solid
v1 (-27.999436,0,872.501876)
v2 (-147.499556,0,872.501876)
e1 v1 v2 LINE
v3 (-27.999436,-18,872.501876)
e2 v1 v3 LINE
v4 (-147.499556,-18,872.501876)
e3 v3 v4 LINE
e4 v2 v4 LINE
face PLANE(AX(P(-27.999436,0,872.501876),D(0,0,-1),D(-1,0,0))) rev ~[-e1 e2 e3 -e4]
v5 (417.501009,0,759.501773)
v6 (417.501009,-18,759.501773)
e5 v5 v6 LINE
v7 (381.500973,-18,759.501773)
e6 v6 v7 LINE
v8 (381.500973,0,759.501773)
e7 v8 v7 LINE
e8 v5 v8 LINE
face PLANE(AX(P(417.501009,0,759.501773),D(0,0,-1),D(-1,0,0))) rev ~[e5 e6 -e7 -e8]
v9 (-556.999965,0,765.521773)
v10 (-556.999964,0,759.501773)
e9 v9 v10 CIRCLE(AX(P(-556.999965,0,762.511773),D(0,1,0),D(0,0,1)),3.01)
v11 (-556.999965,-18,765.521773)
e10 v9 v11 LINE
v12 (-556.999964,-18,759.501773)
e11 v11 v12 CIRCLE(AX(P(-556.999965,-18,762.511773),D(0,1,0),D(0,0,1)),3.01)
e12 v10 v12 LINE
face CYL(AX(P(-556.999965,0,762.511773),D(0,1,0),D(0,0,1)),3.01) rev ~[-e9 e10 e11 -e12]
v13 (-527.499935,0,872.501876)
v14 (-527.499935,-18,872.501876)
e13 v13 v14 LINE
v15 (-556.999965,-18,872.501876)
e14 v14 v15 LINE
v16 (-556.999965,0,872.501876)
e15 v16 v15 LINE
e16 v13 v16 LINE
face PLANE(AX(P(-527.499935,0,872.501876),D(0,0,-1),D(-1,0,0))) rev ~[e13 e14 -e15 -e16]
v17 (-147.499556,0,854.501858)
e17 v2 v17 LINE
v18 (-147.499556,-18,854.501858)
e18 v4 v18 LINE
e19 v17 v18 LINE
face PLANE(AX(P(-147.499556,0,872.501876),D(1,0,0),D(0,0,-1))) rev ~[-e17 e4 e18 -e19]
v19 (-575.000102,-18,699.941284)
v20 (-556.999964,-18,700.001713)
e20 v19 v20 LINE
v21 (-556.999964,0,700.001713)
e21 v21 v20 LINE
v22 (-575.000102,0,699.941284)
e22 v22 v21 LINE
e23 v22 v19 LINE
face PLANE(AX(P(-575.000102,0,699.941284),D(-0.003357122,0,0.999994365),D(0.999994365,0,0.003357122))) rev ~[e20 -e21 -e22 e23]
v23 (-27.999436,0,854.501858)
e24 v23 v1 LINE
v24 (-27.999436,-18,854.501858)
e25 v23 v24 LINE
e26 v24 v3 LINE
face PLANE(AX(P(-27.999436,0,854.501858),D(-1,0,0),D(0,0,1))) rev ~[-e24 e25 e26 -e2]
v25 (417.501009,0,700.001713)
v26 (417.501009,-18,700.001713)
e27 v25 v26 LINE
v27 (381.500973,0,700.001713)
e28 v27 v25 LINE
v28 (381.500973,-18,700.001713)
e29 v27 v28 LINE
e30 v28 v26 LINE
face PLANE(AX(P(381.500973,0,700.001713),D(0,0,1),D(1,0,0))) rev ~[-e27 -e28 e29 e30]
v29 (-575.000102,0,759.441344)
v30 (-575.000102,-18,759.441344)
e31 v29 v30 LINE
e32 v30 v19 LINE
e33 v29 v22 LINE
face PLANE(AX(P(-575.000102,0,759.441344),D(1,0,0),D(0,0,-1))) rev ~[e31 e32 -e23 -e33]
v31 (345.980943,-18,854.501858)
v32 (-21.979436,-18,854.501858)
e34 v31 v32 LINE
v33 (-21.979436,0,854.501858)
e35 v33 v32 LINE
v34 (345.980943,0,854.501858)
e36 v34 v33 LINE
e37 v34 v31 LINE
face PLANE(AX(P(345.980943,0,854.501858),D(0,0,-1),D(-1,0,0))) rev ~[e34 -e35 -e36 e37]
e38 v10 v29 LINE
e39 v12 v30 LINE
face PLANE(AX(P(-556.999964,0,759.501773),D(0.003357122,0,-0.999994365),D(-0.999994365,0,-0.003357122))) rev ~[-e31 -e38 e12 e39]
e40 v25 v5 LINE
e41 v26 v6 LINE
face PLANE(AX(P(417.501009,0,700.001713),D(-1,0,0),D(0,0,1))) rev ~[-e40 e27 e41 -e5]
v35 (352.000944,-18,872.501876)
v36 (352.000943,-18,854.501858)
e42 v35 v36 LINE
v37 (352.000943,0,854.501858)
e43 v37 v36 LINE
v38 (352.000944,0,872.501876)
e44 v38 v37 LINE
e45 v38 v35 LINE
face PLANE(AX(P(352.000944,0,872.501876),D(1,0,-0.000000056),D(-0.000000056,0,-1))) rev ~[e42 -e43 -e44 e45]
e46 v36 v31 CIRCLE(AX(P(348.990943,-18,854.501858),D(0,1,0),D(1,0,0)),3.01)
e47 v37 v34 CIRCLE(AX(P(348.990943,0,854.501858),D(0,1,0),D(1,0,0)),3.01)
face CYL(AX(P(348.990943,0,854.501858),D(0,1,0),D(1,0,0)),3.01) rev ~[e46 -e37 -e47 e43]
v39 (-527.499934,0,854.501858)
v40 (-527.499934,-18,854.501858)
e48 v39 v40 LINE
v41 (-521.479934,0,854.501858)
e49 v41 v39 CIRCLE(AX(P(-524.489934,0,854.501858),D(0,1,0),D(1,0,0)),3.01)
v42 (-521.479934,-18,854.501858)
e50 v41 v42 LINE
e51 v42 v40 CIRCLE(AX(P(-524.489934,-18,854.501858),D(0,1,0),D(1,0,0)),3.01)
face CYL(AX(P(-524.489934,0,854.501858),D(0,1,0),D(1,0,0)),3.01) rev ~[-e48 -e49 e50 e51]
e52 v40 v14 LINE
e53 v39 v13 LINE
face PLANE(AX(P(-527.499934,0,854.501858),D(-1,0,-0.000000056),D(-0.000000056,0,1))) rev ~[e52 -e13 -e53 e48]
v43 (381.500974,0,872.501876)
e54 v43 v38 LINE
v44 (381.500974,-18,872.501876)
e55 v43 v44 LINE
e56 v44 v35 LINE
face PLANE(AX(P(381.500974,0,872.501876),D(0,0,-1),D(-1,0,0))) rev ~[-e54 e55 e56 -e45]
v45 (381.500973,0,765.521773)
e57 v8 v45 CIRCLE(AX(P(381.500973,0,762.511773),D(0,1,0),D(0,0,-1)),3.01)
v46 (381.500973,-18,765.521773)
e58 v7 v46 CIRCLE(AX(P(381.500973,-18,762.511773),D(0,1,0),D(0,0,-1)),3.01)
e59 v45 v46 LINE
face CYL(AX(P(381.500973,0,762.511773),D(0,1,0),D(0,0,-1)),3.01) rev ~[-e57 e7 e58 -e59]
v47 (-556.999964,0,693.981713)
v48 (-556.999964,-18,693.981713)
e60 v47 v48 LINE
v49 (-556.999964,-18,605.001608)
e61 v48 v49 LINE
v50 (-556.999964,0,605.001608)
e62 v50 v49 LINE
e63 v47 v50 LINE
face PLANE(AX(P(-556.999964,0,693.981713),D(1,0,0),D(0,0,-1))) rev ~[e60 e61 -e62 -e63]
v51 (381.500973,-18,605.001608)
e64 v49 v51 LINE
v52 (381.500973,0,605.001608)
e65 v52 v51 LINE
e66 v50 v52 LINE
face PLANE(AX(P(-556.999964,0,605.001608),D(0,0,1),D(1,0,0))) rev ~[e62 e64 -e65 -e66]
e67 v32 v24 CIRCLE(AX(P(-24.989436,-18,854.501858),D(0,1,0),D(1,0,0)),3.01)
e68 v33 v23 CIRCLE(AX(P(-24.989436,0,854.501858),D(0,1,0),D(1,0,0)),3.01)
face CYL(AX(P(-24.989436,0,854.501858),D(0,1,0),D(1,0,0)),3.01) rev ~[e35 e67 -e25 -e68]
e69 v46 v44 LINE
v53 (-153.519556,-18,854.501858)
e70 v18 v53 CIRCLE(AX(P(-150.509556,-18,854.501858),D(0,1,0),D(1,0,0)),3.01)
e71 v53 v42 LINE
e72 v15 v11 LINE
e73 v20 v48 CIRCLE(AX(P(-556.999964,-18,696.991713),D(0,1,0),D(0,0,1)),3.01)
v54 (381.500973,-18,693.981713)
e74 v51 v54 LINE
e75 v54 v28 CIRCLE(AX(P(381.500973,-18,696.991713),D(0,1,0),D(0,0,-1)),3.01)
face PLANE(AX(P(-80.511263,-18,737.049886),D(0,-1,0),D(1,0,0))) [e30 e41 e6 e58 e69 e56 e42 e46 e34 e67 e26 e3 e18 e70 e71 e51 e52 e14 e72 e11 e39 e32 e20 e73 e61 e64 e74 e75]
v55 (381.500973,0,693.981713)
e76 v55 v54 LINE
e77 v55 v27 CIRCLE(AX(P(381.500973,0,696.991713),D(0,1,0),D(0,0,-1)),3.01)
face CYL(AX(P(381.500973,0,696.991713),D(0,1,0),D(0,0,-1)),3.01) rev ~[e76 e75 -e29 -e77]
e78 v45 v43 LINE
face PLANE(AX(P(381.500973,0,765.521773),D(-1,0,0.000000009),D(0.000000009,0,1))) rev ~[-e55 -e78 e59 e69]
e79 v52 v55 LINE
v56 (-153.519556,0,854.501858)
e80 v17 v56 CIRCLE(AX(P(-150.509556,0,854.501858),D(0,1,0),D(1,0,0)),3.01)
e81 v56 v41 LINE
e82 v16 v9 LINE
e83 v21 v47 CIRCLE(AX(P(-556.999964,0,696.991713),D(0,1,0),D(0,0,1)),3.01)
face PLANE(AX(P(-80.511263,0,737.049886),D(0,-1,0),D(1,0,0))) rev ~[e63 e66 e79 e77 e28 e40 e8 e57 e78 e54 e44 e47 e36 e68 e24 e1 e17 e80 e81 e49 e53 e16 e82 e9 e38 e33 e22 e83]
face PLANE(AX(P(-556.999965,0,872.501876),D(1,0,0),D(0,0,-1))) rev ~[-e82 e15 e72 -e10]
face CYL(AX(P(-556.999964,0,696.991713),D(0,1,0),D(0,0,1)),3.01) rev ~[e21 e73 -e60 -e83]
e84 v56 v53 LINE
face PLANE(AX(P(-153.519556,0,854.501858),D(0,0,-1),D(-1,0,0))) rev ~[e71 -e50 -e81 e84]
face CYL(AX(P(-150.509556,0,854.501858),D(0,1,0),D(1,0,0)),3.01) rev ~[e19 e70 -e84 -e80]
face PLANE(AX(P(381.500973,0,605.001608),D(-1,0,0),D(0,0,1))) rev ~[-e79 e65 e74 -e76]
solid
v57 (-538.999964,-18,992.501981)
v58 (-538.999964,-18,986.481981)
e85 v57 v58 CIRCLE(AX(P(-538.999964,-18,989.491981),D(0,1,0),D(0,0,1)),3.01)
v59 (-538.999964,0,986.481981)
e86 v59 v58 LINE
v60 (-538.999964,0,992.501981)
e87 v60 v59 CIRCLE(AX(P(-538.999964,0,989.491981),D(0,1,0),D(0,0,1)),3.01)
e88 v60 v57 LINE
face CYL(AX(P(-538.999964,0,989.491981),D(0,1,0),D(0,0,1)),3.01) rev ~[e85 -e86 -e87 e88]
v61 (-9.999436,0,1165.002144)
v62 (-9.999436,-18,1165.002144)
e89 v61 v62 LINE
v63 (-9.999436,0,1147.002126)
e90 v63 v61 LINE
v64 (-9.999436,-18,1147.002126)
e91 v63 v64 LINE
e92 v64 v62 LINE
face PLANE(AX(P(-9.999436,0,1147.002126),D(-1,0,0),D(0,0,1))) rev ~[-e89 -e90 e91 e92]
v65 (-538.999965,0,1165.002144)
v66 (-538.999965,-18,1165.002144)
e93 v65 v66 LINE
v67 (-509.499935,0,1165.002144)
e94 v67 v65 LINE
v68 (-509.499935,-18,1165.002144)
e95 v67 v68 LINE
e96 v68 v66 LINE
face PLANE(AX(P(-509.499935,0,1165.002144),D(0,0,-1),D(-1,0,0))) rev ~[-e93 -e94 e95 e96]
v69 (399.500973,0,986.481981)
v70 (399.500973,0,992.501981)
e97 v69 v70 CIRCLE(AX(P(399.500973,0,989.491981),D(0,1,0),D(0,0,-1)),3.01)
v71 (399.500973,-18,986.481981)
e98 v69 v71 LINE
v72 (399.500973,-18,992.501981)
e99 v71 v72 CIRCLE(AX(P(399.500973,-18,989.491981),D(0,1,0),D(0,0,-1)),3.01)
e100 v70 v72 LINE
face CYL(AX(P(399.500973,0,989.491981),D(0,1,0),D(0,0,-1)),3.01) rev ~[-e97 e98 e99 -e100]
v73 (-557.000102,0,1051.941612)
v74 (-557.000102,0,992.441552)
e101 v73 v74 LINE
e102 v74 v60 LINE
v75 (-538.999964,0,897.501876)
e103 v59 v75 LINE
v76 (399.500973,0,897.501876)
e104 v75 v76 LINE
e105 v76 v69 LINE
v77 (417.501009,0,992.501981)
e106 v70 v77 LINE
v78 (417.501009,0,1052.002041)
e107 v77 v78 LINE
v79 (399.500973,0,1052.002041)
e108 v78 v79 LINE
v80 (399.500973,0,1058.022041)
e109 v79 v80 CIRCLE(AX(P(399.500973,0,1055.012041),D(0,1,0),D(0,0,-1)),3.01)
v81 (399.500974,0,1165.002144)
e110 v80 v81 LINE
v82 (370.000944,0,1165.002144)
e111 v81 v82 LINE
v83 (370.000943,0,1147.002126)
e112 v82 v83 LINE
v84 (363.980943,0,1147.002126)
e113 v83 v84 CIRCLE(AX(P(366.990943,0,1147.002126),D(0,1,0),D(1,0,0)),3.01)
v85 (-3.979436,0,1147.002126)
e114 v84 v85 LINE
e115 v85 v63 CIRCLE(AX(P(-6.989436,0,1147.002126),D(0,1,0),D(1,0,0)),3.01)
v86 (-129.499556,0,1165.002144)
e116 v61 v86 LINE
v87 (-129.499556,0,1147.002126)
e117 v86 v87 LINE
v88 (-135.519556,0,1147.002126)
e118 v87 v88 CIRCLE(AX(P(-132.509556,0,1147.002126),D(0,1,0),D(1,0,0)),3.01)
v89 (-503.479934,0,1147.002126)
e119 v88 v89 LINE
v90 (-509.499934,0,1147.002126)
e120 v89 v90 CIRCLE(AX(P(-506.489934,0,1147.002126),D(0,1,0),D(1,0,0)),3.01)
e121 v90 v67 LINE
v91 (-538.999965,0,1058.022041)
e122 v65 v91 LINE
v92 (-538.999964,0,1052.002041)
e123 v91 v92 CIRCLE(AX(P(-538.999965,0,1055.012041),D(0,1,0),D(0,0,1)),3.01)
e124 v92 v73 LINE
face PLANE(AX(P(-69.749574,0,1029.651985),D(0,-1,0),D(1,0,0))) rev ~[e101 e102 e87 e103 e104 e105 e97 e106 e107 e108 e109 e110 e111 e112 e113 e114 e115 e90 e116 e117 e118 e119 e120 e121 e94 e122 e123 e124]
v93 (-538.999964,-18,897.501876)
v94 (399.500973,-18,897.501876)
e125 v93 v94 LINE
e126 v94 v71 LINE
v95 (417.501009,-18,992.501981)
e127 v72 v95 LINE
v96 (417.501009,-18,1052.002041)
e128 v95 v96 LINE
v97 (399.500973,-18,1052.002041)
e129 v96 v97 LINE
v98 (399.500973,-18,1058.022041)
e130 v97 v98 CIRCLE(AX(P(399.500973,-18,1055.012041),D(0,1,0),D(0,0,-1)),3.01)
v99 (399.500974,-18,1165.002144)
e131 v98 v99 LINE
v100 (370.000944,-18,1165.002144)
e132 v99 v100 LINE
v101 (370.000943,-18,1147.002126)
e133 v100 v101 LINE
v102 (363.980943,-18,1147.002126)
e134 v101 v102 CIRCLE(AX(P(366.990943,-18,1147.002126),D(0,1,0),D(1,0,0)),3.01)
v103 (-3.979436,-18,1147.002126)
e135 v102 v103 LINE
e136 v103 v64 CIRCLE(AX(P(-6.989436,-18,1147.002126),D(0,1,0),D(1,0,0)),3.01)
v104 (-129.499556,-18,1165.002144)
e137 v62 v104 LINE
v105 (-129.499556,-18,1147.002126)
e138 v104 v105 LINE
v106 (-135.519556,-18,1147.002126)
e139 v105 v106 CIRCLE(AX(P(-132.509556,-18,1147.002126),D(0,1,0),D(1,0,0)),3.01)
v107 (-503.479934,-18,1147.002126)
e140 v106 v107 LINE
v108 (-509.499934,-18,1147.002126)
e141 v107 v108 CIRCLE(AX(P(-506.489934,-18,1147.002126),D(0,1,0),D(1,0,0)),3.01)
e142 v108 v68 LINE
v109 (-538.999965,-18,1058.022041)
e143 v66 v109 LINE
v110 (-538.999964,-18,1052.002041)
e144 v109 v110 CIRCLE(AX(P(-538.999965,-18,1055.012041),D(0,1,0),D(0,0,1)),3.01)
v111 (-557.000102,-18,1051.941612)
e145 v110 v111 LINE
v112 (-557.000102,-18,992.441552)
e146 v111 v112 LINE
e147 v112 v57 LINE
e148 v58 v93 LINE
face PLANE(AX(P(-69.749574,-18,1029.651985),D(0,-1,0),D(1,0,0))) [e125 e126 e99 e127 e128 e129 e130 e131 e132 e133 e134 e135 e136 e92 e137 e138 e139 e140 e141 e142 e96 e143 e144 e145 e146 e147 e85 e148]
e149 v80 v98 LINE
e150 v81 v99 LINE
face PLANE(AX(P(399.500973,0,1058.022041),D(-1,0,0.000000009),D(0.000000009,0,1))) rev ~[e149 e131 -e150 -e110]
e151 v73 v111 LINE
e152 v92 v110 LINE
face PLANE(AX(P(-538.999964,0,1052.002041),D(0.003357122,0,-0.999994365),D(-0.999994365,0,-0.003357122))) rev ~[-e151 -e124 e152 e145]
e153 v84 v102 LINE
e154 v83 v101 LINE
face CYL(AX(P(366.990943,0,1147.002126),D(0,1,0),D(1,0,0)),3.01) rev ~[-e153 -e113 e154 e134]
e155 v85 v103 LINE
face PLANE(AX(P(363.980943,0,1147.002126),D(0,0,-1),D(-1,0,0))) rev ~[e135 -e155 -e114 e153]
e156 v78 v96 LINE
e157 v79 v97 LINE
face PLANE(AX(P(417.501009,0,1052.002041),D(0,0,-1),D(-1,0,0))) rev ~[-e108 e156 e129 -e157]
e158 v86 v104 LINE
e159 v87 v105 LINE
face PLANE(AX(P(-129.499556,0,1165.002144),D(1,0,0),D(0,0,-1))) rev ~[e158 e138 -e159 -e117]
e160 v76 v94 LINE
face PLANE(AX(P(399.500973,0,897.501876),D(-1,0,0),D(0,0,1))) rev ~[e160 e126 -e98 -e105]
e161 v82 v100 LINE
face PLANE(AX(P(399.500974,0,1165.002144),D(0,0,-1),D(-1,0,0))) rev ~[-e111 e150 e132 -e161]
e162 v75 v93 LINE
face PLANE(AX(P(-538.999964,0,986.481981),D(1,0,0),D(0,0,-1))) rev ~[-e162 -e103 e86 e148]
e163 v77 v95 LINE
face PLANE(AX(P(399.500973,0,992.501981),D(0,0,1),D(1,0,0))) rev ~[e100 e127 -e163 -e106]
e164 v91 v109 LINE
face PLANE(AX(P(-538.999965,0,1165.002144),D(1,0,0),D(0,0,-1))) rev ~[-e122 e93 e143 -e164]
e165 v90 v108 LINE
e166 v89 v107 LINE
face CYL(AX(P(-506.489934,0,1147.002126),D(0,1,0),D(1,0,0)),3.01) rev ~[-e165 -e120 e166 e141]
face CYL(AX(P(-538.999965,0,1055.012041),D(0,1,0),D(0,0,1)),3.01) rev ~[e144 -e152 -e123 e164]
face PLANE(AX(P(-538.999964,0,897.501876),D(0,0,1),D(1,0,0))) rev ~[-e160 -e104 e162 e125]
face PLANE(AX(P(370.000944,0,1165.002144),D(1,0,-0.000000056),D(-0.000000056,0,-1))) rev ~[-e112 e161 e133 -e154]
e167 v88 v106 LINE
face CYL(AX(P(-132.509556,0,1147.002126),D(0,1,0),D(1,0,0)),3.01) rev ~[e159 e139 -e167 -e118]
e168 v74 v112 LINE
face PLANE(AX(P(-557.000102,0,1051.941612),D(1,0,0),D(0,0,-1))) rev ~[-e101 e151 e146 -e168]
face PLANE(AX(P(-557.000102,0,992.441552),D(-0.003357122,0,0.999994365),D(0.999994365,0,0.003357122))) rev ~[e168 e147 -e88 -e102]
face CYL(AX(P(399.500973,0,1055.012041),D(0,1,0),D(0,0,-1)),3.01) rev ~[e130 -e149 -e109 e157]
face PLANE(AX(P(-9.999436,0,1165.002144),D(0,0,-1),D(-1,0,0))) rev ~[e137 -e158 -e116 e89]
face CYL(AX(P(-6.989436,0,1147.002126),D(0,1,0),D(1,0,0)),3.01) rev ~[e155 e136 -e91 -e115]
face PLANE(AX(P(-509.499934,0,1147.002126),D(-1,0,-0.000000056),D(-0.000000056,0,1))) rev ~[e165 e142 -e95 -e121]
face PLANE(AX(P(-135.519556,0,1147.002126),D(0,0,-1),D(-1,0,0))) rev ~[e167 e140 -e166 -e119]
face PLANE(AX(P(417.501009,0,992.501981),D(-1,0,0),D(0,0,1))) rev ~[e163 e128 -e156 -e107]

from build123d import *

# Parameters (mm, degrees)
F1_DEPTH = 18
F2_DEPTH = 18


with BuildPart() as f1:
    # F0 (on Front) → F1 (new body)
    with BuildSketch(Plane.XZ):
        with BuildLine():
            Line((-575.000102, 759.441344), (-575.000102, 699.941284))
            Line((-575.000102, 699.941284), (-556.999964, 700.001713))
            ThreePointArc((-556.999964, 700.001713), (-553.989964, 696.991713), (-556.999964, 693.981713))
            Line((-556.999964, 693.981713), (-556.999964, 605.001608))
            Line((-556.999964, 605.001608), (381.500973, 605.001608))
            Line((381.500973, 605.001608), (381.500973, 693.981713))
            ThreePointArc((381.500973, 693.981713), (378.490973, 696.991713), (381.500973, 700.001713))
            Line((381.500973, 700.001713), (417.501009, 700.001713))
            Line((417.501009, 700.001713), (417.501009, 759.501773))
            Line((417.501009, 759.501773), (381.500973, 759.501773))
            ThreePointArc((381.500973, 759.501773), (378.490973, 762.511773), (381.500973, 765.521773))
            Line((381.500973, 765.521773), (381.500974, 872.501876))
            Line((381.500974, 872.501876), (352.000944, 872.501876))
            Line((352.000944, 872.501876), (352.000943, 854.501858))
            ThreePointArc((352.000943, 854.501858), (348.990943, 851.491858), (345.980943, 854.501858))
            Line((345.980943, 854.501858), (-21.979436, 854.501858))
            ThreePointArc((-21.979436, 854.501858), (-24.989436, 851.491858), (-27.999436, 854.501858))
            Line((-27.999436, 854.501858), (-27.999436, 872.501876))
            Line((-27.999436, 872.501876), (-147.499556, 872.501876))
            Line((-147.499556, 872.501876), (-147.499556, 854.501858))
            ThreePointArc((-147.499556, 854.501858), (-150.509556, 851.491858), (-153.519556, 854.501858))
            Line((-153.519556, 854.501858), (-521.479934, 854.501858))
            ThreePointArc((-521.479934, 854.501858), (-524.489934, 851.491858), (-527.499934, 854.501858))
            Line((-527.499934, 854.501858), (-527.499935, 872.501876))
            Line((-527.499935, 872.501876), (-556.999965, 872.501876))
            Line((-556.999965, 872.501876), (-556.999965, 765.521773))
            ThreePointArc((-556.999965, 765.521773), (-553.989965, 762.511774), (-556.999964, 759.501773))
            Line((-556.999964, 759.501773), (-575.000102, 759.441344))
        make_face()
    extrude(amount=F1_DEPTH)


with BuildPart() as f2:
    # F0 (on Front) → F2 (new body)
    with BuildSketch(Plane.XZ):
        with BuildLine():
            Line((-557.000102, 1051.941612), (-557.000102, 992.441552))
            Line((-557.000102, 992.441552), (-538.999964, 992.501981))
            ThreePointArc((-538.999964, 992.501981), (-535.989964, 989.491981), (-538.999964, 986.481981))
            Line((-538.999964, 986.481981), (-538.999964, 897.501876))
            Line((-538.999964, 897.501876), (399.500973, 897.501876))
            Line((399.500973, 897.501876), (399.500973, 986.481981))
            ThreePointArc((399.500973, 986.481981), (396.490973, 989.491981), (399.500973, 992.501981))
            Line((399.500973, 992.501981), (417.501009, 992.501981))
            Line((417.501009, 992.501981), (417.501009, 1052.002041))
            Line((417.501009, 1052.002041), (399.500973, 1052.002041))
            ThreePointArc((399.500973, 1052.002041), (396.490973, 1055.012041), (399.500973, 1058.022041))
            Line((399.500973, 1058.022041), (399.500974, 1165.002144))
            Line((399.500974, 1165.002144), (370.000944, 1165.002144))
            Line((370.000944, 1165.002144), (370.000943, 1147.002126))
            ThreePointArc((370.000943, 1147.002126), (366.990943, 1143.992126), (363.980943, 1147.002126))
            Line((363.980943, 1147.002126), (-3.979436, 1147.002126))
            ThreePointArc((-3.979436, 1147.002126), (-6.989436, 1143.992126), (-9.999436, 1147.002126))
            Line((-9.999436, 1147.002126), (-9.999436, 1165.002144))
            Line((-9.999436, 1165.002144), (-129.499556, 1165.002144))
            Line((-129.499556, 1165.002144), (-129.499556, 1147.002126))
            ThreePointArc((-129.499556, 1147.002126), (-132.509556, 1143.992126), (-135.519556, 1147.002126))
            Line((-135.519556, 1147.002126), (-503.479934, 1147.002126))
            ThreePointArc((-503.479934, 1147.002126), (-506.489934, 1143.992126), (-509.499934, 1147.002126))
            Line((-509.499934, 1147.002126), (-509.499935, 1165.002144))
            Line((-509.499935, 1165.002144), (-538.999965, 1165.002144))
            Line((-538.999965, 1165.002144), (-538.999965, 1058.022041))
            ThreePointArc((-538.999965, 1058.022041), (-535.989965, 1055.012041), (-538.999964, 1052.002041))
            Line((-538.999964, 1052.002041), (-557.000102, 1051.941612))
        make_face()
    extrude(amount=F2_DEPTH)


solid = Compound([f1.part, f2.part])
